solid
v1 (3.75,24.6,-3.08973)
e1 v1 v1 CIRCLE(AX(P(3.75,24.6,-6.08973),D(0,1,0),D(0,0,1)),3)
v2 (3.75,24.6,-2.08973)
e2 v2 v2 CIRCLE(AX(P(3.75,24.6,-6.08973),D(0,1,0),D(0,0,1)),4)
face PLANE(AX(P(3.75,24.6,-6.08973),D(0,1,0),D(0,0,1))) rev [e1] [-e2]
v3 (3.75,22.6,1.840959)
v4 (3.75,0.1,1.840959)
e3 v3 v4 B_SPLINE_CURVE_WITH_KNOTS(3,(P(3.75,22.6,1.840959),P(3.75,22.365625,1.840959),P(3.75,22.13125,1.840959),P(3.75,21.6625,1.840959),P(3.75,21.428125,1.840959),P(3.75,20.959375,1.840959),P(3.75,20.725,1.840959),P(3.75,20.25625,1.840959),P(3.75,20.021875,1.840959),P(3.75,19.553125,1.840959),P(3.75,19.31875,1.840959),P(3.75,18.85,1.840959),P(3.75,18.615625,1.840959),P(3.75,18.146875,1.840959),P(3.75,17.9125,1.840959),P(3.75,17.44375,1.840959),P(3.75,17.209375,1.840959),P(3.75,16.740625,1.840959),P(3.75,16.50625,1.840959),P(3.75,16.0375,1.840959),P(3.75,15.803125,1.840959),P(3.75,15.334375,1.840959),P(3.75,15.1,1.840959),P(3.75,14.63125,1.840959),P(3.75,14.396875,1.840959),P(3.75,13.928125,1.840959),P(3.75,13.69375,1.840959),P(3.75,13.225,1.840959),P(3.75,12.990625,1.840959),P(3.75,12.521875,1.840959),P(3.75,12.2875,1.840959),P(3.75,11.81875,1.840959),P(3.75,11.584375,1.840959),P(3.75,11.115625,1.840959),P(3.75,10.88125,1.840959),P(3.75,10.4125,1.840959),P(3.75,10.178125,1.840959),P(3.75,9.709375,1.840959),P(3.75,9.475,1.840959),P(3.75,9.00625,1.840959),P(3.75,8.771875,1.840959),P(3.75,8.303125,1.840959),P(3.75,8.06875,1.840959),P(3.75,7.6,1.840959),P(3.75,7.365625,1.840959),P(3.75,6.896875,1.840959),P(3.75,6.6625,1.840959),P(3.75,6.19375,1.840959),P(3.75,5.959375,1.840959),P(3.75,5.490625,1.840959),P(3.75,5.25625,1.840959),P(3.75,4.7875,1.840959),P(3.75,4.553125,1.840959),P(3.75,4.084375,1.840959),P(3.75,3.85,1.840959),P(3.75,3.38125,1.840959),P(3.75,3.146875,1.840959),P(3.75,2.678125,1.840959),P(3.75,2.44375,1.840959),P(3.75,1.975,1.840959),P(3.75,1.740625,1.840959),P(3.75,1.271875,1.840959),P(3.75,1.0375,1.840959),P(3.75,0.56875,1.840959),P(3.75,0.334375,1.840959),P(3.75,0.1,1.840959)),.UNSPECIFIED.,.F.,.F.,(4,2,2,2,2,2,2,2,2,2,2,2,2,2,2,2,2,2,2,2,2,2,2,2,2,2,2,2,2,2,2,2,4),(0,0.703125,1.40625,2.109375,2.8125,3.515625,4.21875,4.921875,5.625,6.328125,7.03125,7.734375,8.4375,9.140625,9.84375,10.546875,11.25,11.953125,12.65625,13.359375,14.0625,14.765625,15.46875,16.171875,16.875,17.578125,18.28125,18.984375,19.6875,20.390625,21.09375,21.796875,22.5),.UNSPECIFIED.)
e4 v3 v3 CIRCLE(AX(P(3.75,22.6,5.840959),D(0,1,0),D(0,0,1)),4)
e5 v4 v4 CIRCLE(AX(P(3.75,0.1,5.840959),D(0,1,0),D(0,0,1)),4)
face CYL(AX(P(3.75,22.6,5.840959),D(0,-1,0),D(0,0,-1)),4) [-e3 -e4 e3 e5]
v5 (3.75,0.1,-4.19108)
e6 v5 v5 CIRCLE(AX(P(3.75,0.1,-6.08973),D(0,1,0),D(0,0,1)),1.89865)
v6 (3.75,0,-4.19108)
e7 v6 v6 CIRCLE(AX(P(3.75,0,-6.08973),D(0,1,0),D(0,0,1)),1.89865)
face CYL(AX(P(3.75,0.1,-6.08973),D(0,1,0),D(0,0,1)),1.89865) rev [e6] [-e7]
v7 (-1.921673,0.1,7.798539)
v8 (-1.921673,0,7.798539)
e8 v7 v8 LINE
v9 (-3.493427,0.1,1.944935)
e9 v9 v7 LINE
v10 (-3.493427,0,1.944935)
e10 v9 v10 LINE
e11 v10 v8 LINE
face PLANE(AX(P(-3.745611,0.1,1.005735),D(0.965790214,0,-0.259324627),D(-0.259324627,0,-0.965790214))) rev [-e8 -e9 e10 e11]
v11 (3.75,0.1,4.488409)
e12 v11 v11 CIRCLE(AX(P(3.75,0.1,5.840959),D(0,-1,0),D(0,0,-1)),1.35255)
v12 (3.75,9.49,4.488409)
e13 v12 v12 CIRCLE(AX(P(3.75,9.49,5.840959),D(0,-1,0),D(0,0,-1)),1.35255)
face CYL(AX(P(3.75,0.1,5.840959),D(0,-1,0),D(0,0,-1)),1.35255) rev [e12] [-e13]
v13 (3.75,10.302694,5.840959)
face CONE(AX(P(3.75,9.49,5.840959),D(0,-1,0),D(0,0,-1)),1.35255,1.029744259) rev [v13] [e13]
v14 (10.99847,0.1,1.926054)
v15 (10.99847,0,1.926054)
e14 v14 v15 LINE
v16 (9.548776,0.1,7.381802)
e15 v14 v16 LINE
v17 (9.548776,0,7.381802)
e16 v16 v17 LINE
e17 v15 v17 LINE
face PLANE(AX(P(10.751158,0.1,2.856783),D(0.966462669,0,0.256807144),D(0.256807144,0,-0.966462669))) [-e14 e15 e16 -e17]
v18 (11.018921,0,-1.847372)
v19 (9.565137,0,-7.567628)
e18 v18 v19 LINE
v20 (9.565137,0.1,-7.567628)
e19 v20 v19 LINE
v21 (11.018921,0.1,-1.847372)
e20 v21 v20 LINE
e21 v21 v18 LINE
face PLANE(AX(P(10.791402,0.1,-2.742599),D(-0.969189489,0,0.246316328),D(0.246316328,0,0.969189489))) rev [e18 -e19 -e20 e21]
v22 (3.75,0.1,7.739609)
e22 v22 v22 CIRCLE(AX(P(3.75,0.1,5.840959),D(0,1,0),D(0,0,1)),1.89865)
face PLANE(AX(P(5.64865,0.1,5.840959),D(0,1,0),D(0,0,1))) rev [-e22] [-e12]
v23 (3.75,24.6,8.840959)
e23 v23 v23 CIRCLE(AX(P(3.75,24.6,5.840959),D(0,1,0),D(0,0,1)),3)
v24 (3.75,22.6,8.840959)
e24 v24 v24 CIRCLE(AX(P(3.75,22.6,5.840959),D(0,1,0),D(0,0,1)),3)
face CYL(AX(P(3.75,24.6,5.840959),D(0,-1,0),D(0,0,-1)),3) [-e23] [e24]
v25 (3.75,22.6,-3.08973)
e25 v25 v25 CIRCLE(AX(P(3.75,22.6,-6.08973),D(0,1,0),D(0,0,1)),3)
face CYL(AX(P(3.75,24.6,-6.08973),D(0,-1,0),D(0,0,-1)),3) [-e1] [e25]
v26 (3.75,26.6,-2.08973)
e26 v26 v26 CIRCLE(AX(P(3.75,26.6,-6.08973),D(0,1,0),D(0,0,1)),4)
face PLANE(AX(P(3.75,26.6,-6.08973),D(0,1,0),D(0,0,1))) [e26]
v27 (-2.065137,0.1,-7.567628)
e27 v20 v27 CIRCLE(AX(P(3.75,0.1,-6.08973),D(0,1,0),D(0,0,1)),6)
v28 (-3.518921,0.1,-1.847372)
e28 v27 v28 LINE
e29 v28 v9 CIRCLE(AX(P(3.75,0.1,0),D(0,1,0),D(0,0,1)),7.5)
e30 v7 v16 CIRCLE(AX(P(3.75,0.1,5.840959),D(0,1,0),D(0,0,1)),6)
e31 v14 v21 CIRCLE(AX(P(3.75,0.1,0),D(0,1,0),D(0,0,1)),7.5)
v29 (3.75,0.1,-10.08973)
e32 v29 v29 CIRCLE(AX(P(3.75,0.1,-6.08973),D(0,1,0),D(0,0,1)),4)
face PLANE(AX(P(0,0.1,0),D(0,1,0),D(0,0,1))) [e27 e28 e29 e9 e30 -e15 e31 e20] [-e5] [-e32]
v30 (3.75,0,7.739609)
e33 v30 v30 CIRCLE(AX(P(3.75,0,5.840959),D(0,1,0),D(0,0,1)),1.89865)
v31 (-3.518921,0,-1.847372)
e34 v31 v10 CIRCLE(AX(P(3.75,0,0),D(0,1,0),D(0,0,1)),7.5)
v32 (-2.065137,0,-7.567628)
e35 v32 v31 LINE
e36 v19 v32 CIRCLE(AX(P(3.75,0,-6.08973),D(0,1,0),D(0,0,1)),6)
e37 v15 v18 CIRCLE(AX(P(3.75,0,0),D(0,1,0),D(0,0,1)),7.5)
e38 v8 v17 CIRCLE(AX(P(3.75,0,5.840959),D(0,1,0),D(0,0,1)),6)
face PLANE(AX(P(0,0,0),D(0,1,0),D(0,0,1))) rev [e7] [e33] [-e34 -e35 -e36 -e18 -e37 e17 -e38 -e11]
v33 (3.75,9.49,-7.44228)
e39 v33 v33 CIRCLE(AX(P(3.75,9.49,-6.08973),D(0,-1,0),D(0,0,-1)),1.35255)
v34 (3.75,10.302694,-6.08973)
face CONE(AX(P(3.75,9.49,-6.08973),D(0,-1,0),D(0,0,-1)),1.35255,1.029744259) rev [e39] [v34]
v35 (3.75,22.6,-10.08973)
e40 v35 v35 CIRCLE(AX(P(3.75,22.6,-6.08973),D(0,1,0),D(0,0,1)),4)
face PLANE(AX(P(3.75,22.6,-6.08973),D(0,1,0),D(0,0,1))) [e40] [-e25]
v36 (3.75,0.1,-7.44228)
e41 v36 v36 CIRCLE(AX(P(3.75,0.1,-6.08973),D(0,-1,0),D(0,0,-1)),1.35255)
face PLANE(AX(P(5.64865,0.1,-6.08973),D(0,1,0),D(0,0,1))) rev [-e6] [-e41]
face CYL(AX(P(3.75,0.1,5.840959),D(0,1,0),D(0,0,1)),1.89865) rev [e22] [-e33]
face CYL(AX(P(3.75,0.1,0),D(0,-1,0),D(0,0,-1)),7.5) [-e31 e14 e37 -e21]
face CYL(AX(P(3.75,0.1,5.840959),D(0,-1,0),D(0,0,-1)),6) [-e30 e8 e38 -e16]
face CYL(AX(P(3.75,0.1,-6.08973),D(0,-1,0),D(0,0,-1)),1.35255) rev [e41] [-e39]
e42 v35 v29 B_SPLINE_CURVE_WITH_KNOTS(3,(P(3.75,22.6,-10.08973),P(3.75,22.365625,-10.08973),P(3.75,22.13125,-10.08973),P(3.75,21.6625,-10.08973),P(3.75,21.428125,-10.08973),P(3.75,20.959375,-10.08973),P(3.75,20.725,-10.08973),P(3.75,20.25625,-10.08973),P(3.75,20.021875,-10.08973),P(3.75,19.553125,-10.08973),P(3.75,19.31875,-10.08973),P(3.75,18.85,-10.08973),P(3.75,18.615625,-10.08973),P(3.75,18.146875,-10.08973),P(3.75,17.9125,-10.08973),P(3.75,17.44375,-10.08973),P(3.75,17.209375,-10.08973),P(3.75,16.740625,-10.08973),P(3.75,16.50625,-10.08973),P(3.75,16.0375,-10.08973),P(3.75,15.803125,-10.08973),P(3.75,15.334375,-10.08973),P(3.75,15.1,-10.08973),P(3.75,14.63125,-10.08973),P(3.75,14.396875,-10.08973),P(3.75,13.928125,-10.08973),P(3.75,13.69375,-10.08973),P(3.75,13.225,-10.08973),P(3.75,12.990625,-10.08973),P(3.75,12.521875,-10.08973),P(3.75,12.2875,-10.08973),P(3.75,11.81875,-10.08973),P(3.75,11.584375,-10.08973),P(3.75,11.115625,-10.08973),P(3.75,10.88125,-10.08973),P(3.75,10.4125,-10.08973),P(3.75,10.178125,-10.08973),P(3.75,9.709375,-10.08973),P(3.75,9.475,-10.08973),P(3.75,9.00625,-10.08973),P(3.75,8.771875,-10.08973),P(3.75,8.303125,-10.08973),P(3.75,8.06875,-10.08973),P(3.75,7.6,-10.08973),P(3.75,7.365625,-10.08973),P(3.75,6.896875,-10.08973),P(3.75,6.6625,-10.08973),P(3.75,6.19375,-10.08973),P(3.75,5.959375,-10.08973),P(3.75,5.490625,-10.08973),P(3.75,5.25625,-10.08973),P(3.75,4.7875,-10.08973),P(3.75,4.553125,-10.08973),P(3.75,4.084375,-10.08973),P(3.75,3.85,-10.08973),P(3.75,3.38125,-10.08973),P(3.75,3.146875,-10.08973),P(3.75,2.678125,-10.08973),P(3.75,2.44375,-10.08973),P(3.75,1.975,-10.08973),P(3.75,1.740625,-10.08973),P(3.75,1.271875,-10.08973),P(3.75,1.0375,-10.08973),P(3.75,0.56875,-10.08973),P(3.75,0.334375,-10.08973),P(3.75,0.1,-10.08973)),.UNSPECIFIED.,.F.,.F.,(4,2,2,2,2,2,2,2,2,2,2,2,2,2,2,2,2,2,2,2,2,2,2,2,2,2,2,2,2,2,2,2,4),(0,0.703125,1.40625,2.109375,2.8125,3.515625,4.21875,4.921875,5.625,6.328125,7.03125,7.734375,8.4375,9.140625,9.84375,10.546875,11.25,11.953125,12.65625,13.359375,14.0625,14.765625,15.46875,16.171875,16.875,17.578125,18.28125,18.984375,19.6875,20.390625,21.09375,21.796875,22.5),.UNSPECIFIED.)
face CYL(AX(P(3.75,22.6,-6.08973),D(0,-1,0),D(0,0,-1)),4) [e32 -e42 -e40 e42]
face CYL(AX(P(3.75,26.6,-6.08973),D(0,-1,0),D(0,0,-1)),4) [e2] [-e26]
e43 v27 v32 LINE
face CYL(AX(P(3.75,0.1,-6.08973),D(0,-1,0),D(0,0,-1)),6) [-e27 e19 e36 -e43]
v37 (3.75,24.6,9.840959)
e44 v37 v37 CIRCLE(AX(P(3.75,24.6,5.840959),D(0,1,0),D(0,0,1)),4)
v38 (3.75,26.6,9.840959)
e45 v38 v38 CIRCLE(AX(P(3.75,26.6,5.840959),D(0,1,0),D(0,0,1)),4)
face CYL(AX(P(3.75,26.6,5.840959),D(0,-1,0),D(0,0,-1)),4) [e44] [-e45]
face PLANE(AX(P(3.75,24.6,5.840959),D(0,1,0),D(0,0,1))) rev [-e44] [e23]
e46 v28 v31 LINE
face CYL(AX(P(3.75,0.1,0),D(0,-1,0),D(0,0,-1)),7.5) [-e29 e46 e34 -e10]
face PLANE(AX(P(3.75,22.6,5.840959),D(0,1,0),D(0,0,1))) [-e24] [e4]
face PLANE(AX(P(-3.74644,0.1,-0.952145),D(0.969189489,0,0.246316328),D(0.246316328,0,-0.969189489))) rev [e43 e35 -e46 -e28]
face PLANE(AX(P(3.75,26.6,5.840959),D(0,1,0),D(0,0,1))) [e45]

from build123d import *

# Parameters (mm, degrees)
BOSS_EXTRUDE2_DEPTH            = 0.1
SKETCH3_R                      = 4
BOSS_EXTRUDE3_DEPTH            = 22.5
SKETCH4_R                      = 3
BOSS_EXTRUDE4_DEPTH            = 2
SKETCH5_R                      = 4
BOSS_EXTRUDE5_DEPTH            = 2
SKETCH7_W                      = 1.89865
SKETCH7_H                      = 0.1
F_6_CLEARANCE_HOLE1_AT_2_COUNT = 2
F_6_CLEARANCE_HOLE1_AT_2_PITCH = 11.930689284
F_6_32_TAPPED_HOLE1_D          = 2.7051
F_6_32_TAPPED_HOLE1_DEPTH      = 9.39
F_6_32_TAPPED_HOLE1_TIP        = 0.81269403


with BuildPart() as part:
    # Sketch2 → Boss-Extrude2 (new body)
    with BuildSketch(Plane(origin=(0, 0, 0), x_dir=(1, 0, 0), z_dir=(0, 1, 0))):
        with BuildLine():
            ThreePointArc((-1.921673483, -7.798539123), (3.967844549, -11.837003018), (9.548776015, -7.381801872))
            Line((9.548776015, -7.381801872), (10.998470019, -1.926053578))
            ThreePointArc((10.998470019, -1.926053578), (11.24988985, -0.04064778), (11.018921171, 1.84737246))
            Line((11.018921171, 1.84737246), (9.565136937, 7.567628243))
            ThreePointArc((9.565136937, 7.567628243), (3.75, 12.089730275), (-2.065136937, 7.567628243))
            Line((-2.065136937, 7.567628243), (-3.518921171, 1.84737246))
            ThreePointArc((-3.518921171, 1.84737246), (-3.749830525, -0.050419155), (-3.493426606, -1.944934706))
            Line((-3.493426606, -1.944934706), (-1.921673483, -7.798539123))
        make_face()
    extrude(amount=BOSS_EXTRUDE2_DEPTH)

    # Sketch3 → Boss-Extrude3 (add)
    with BuildSketch(Plane(origin=(0, 0.1, 0), x_dir=(1, 0, 0), z_dir=(0, 1, 0))):
        with Locations(Location((3.75, -5.840959009, 0), (0, 0, 90))):
            Circle(SKETCH3_R)
        with Locations(Location((3.75, 6.089730275, 0), (0, 0, 90))):
            Circle(SKETCH3_R)
    extrude(amount=BOSS_EXTRUDE3_DEPTH)

    # Sketch4 → Boss-Extrude4 (add)
    with BuildSketch(Plane(origin=(0, 22.6, 0), x_dir=(1, 0, 0), z_dir=(0, 1, 0))):
        with Locations(Location((3.75, -5.840959009, 0), (0, 0, 270))):
            Circle(SKETCH4_R)
        with Locations(Location((3.75, 6.089730275, 0), (0, 0, 270))):
            Circle(SKETCH4_R)
    extrude(amount=BOSS_EXTRUDE4_DEPTH)

    # Sketch5 → Boss-Extrude5 (add)
    with BuildSketch(Plane(origin=(0, 24.6, 0), x_dir=(1, 0, 0), z_dir=(0, 1, 0))):
        with Locations(Location((3.75, -5.840959009, 0), (0, 0, 90))):
            Circle(SKETCH5_R)
        with Locations(Location((3.75, 6.089730275, 0), (0, 0, 90))):
            Circle(SKETCH5_R)
    extrude(amount=BOSS_EXTRUDE5_DEPTH)

    # Sketch7 → #6 Clearance Hole1 (revolve, cut)
    with BuildSketch(Plane(origin=(3.75, 0.1, -6.089730275), x_dir=(0, 0, 1), z_dir=(1, 0, 0))):
        with Locations((0.949325, 0.05)):
            Rectangle(SKETCH7_W, SKETCH7_H)
    f_6_clearance_hole1 = revolve(axis=Axis((3.75, 6.45, -6.089730275), (0, -1, 0)), mode=Mode.SUBTRACT)

    # #6 Clearance Hole1 at 2: #6 Clearance Hole1 ×2
    with Locations(*[(0, 0, i * F_6_CLEARANCE_HOLE1_AT_2_PITCH) for i in range(1, F_6_CLEARANCE_HOLE1_AT_2_COUNT)]):
        add(f_6_clearance_hole1, mode=Mode.SUBTRACT)

    # #6-32 Tapped Hole1
    with Locations(Plane(origin=(0, 0.1, 0), x_dir=(-1, 0, 0), z_dir=(0, -1, 0))):
        with Locations((-3.75, -5.840959009), (-3.75, 6.089730275)):
            Hole(F_6_32_TAPPED_HOLE1_D / 2, depth=F_6_32_TAPPED_HOLE1_DEPTH)
            with Locations((0, 0, -(F_6_32_TAPPED_HOLE1_DEPTH + F_6_32_TAPPED_HOLE1_TIP / 2))):  # 118° drill point
                Cone(0, F_6_32_TAPPED_HOLE1_D / 2, F_6_32_TAPPED_HOLE1_TIP, mode=Mode.SUBTRACT)


solid = part.part
